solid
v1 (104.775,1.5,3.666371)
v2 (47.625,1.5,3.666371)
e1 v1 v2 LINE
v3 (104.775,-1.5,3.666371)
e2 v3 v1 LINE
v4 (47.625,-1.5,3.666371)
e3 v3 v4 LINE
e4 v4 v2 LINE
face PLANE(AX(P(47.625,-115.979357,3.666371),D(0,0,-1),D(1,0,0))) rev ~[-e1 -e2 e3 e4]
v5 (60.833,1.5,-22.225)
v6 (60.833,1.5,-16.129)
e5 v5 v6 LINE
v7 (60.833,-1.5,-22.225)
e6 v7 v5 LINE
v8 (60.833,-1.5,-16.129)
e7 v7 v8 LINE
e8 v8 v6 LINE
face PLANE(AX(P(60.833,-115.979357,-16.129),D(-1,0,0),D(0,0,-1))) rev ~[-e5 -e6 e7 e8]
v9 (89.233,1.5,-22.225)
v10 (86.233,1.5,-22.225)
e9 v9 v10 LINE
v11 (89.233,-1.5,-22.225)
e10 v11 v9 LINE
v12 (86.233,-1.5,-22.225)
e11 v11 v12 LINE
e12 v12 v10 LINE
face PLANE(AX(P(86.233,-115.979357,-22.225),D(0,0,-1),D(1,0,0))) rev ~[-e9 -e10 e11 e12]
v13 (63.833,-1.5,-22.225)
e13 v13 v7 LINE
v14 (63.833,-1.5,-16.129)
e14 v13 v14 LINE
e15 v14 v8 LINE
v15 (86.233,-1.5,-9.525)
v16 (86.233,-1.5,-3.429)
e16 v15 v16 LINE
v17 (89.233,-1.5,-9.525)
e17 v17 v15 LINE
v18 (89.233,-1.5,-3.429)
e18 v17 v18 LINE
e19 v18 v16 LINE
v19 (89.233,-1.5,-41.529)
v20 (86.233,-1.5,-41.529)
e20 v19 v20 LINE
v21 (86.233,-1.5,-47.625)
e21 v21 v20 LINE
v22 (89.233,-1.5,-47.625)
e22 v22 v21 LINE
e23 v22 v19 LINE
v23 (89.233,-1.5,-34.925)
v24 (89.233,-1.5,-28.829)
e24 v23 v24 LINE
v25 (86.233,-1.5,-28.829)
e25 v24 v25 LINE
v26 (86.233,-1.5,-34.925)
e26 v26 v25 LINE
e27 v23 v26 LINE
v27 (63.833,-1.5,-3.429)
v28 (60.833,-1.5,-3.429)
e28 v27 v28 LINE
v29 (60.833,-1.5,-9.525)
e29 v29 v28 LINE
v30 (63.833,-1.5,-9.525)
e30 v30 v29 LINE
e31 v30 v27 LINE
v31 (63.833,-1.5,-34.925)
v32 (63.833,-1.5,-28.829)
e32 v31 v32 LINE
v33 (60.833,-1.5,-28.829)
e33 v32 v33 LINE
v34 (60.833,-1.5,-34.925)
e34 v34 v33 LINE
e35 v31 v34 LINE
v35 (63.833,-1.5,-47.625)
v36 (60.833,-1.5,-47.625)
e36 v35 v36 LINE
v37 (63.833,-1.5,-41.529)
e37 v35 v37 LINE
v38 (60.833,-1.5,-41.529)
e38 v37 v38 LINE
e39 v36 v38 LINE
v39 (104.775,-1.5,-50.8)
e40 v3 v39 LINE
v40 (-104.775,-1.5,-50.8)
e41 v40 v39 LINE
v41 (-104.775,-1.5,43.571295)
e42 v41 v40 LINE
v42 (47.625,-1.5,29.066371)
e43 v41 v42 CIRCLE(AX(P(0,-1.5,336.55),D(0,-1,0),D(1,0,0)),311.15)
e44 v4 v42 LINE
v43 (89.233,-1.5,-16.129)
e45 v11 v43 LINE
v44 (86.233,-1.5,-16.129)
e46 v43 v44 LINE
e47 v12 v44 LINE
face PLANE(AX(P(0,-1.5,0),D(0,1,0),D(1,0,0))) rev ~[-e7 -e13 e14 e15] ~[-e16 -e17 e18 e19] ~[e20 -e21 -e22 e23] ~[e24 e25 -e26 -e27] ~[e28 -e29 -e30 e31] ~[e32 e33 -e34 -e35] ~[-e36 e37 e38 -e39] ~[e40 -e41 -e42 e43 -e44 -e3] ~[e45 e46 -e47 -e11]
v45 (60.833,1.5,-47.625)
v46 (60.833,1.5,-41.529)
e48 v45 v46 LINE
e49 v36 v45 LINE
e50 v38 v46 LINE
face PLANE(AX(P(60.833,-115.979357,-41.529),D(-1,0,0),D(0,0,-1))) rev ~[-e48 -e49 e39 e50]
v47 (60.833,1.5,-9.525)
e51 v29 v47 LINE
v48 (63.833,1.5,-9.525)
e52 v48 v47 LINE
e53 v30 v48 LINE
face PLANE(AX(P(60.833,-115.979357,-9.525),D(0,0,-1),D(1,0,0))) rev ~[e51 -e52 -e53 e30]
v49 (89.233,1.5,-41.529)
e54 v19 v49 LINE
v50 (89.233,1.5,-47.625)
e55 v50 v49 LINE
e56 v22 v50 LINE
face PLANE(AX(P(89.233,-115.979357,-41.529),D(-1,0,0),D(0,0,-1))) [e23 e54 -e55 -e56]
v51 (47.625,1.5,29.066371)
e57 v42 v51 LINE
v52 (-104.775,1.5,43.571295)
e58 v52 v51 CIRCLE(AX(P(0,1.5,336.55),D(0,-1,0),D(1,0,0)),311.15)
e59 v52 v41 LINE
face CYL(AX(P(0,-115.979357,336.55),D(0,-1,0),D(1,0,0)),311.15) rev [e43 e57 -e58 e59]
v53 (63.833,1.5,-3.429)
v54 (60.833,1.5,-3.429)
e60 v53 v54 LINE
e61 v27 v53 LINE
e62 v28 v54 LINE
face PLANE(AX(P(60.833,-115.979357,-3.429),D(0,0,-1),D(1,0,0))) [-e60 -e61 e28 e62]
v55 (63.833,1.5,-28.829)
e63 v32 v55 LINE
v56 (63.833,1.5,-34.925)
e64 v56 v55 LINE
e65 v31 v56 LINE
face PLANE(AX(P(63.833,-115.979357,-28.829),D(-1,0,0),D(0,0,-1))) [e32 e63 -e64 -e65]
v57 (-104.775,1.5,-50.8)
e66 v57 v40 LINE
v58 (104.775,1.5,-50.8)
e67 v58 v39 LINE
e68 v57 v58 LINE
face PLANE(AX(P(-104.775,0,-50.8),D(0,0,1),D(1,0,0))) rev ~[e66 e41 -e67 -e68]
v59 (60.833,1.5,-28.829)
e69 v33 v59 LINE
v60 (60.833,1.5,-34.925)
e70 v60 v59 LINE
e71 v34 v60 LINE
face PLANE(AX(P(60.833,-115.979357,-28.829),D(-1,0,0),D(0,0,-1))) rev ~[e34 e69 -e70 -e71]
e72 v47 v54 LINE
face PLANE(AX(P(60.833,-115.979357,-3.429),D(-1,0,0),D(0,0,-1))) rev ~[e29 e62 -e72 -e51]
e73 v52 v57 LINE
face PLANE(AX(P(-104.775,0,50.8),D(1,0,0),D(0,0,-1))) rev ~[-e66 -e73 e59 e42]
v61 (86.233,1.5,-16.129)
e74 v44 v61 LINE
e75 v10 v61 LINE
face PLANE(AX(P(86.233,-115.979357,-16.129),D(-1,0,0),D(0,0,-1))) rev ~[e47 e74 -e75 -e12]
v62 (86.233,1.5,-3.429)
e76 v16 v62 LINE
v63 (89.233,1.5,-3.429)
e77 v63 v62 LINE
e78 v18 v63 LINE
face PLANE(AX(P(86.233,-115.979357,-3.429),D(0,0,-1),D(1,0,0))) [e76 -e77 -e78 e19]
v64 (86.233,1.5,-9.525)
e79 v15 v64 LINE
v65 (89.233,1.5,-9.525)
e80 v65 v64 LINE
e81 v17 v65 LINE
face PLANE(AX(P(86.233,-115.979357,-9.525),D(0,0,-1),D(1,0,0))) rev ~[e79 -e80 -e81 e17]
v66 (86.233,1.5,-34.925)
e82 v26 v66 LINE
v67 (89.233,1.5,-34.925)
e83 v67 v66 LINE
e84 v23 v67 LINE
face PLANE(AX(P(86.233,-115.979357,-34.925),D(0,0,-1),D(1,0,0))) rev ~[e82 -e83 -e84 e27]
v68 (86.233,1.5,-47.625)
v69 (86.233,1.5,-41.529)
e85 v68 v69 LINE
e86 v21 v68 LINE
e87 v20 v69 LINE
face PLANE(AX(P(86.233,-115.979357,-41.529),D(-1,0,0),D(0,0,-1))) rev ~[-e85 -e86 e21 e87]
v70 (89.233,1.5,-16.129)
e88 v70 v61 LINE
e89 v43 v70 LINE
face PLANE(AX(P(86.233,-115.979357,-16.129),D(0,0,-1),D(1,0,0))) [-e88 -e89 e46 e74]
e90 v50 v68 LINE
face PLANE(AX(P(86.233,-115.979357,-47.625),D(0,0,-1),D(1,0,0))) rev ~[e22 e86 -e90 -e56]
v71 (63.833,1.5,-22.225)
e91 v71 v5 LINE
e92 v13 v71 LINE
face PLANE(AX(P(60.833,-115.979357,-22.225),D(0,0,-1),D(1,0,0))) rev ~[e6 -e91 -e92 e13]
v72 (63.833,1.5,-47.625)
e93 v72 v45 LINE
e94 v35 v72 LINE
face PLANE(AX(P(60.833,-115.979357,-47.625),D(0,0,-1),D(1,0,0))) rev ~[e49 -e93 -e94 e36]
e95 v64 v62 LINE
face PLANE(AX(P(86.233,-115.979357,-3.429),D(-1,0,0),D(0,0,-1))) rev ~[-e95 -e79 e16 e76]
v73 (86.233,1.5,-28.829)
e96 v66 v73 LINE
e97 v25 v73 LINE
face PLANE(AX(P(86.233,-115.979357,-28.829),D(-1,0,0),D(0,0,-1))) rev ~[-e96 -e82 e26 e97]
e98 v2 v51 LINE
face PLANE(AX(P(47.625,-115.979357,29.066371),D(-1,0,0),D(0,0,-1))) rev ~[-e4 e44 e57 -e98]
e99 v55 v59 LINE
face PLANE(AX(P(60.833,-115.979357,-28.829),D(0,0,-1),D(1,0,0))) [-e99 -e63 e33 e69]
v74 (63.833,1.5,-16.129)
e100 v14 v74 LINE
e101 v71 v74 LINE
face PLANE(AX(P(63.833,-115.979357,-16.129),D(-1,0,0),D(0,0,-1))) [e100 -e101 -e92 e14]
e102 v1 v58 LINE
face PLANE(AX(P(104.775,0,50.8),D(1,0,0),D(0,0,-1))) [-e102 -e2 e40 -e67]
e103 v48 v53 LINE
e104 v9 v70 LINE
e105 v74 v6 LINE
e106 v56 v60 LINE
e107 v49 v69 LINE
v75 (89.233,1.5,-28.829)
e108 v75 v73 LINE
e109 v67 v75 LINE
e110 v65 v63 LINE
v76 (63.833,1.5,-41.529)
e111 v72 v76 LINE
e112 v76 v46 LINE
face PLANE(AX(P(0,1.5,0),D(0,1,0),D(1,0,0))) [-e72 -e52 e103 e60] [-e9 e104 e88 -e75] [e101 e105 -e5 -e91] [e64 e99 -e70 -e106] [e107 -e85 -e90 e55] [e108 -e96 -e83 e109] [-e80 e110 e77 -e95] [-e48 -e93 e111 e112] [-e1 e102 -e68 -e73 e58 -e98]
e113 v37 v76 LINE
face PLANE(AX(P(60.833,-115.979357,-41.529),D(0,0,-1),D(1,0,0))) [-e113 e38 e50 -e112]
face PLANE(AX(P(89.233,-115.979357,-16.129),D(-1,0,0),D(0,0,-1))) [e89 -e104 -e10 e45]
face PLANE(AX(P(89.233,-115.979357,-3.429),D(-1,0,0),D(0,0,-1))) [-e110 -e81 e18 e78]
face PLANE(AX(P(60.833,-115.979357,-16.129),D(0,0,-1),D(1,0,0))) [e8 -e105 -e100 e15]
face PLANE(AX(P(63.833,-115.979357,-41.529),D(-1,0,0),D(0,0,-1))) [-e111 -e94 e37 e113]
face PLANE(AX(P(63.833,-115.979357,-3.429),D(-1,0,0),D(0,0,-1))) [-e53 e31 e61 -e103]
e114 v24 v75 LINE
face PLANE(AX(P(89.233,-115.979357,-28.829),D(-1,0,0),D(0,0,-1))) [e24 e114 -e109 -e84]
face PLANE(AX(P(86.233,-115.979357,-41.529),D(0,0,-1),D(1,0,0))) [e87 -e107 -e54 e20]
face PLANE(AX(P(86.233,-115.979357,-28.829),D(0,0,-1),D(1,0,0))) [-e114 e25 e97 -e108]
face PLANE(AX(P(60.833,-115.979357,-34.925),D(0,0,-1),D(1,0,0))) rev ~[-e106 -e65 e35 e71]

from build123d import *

# Parameters (mm, degrees)
SKETCH1_W               = 209.55
SKETCH1_H               = 101.6
BOSS_EXTRUDE1_DEPTH     = 1.5
CUT_EXTRUDE1_DEPTH      = 117.479357077
CUT_EXTRUDE1_DEPTH_BACK = 117.479357077
SKETCH2_R               = 311.15
CUT_EXTRUDE2_DEPTH      = 117.479357077
CUT_EXTRUDE2_DEPTH_BACK = 117.479357077
CUT_EXTRUDE3_DEPTH      = 117.479357077
CUT_EXTRUDE3_DEPTH_BACK = 117.479357077
SKETCH5_W               = 3
SKETCH5_H               = 6.096


with BuildPart() as part:
    # Sketch1 → Boss-Extrude1 (new, symmetric)
    with BuildSketch(Plane(origin=(0, 0, 0), x_dir=(1, 0, 0), z_dir=(0, 1, 0))):
        Rectangle(SKETCH1_W, SKETCH1_H)
    extrude(amount=BOSS_EXTRUDE1_DEPTH, both=True)

    # Sketch2 → Cut-Extrude1 (cut, two sides: drawn at the far end of the back side and taken through both)
    with BuildSketch(Plane(origin=(0, 1.5, 0), x_dir=(1, 0, 0), z_dir=(0, 1, 0)).offset(-CUT_EXTRUDE1_DEPTH_BACK)):
        with Locations((0, -336.55)):
            Circle(SKETCH2_R)
    extrude(amount=CUT_EXTRUDE1_DEPTH + CUT_EXTRUDE1_DEPTH_BACK, mode=Mode.SUBTRACT)

    # Sketch4 → Cut-Extrude2 (cut, two sides: drawn at the far end of the back side and taken through both)
    with BuildSketch(Plane(origin=(0, 1.5, 0), x_dir=(1, 0, 0), z_dir=(0, 1, 0)).offset(-CUT_EXTRUDE2_DEPTH_BACK)):
        Polygon((47.625, -29.066371371), (47.625, -3.666371371), (104.775, -3.666371371), (104.775, -43.571294502), align=None)
    extrude(amount=CUT_EXTRUDE2_DEPTH + CUT_EXTRUDE2_DEPTH_BACK, mode=Mode.SUBTRACT)

    # Sketch5 → Cut-Extrude3 (cut, two sides: drawn at the far end of the back side and taken through both)
    with BuildSketch(Plane(origin=(0, 1.5, 0), x_dir=(1, 0, 0), z_dir=(0, 1, 0)).offset(-CUT_EXTRUDE3_DEPTH_BACK)):
        with Locations((87.733, 44.577)):
            Rectangle(SKETCH5_W, SKETCH5_H)
        with Locations((87.733, 31.877)):
            Rectangle(SKETCH5_W, SKETCH5_H)
        with Locations((87.733, 19.177)):
            Rectangle(SKETCH5_W, SKETCH5_H)
        with Locations((87.733, 6.477)):
            Rectangle(SKETCH5_W, SKETCH5_H)
        with Locations((62.333, 31.877)):
            Rectangle(SKETCH5_W, SKETCH5_H)
        with Locations((62.333, 19.177)):
            Rectangle(SKETCH5_W, SKETCH5_H)
        with Locations((62.333, 6.477)):
            Rectangle(SKETCH5_W, SKETCH5_H)
        with Locations((62.333, 44.577)):
            Rectangle(SKETCH5_W, SKETCH5_H)
    extrude(amount=CUT_EXTRUDE3_DEPTH + CUT_EXTRUDE3_DEPTH_BACK, mode=Mode.SUBTRACT)


solid = part.part
